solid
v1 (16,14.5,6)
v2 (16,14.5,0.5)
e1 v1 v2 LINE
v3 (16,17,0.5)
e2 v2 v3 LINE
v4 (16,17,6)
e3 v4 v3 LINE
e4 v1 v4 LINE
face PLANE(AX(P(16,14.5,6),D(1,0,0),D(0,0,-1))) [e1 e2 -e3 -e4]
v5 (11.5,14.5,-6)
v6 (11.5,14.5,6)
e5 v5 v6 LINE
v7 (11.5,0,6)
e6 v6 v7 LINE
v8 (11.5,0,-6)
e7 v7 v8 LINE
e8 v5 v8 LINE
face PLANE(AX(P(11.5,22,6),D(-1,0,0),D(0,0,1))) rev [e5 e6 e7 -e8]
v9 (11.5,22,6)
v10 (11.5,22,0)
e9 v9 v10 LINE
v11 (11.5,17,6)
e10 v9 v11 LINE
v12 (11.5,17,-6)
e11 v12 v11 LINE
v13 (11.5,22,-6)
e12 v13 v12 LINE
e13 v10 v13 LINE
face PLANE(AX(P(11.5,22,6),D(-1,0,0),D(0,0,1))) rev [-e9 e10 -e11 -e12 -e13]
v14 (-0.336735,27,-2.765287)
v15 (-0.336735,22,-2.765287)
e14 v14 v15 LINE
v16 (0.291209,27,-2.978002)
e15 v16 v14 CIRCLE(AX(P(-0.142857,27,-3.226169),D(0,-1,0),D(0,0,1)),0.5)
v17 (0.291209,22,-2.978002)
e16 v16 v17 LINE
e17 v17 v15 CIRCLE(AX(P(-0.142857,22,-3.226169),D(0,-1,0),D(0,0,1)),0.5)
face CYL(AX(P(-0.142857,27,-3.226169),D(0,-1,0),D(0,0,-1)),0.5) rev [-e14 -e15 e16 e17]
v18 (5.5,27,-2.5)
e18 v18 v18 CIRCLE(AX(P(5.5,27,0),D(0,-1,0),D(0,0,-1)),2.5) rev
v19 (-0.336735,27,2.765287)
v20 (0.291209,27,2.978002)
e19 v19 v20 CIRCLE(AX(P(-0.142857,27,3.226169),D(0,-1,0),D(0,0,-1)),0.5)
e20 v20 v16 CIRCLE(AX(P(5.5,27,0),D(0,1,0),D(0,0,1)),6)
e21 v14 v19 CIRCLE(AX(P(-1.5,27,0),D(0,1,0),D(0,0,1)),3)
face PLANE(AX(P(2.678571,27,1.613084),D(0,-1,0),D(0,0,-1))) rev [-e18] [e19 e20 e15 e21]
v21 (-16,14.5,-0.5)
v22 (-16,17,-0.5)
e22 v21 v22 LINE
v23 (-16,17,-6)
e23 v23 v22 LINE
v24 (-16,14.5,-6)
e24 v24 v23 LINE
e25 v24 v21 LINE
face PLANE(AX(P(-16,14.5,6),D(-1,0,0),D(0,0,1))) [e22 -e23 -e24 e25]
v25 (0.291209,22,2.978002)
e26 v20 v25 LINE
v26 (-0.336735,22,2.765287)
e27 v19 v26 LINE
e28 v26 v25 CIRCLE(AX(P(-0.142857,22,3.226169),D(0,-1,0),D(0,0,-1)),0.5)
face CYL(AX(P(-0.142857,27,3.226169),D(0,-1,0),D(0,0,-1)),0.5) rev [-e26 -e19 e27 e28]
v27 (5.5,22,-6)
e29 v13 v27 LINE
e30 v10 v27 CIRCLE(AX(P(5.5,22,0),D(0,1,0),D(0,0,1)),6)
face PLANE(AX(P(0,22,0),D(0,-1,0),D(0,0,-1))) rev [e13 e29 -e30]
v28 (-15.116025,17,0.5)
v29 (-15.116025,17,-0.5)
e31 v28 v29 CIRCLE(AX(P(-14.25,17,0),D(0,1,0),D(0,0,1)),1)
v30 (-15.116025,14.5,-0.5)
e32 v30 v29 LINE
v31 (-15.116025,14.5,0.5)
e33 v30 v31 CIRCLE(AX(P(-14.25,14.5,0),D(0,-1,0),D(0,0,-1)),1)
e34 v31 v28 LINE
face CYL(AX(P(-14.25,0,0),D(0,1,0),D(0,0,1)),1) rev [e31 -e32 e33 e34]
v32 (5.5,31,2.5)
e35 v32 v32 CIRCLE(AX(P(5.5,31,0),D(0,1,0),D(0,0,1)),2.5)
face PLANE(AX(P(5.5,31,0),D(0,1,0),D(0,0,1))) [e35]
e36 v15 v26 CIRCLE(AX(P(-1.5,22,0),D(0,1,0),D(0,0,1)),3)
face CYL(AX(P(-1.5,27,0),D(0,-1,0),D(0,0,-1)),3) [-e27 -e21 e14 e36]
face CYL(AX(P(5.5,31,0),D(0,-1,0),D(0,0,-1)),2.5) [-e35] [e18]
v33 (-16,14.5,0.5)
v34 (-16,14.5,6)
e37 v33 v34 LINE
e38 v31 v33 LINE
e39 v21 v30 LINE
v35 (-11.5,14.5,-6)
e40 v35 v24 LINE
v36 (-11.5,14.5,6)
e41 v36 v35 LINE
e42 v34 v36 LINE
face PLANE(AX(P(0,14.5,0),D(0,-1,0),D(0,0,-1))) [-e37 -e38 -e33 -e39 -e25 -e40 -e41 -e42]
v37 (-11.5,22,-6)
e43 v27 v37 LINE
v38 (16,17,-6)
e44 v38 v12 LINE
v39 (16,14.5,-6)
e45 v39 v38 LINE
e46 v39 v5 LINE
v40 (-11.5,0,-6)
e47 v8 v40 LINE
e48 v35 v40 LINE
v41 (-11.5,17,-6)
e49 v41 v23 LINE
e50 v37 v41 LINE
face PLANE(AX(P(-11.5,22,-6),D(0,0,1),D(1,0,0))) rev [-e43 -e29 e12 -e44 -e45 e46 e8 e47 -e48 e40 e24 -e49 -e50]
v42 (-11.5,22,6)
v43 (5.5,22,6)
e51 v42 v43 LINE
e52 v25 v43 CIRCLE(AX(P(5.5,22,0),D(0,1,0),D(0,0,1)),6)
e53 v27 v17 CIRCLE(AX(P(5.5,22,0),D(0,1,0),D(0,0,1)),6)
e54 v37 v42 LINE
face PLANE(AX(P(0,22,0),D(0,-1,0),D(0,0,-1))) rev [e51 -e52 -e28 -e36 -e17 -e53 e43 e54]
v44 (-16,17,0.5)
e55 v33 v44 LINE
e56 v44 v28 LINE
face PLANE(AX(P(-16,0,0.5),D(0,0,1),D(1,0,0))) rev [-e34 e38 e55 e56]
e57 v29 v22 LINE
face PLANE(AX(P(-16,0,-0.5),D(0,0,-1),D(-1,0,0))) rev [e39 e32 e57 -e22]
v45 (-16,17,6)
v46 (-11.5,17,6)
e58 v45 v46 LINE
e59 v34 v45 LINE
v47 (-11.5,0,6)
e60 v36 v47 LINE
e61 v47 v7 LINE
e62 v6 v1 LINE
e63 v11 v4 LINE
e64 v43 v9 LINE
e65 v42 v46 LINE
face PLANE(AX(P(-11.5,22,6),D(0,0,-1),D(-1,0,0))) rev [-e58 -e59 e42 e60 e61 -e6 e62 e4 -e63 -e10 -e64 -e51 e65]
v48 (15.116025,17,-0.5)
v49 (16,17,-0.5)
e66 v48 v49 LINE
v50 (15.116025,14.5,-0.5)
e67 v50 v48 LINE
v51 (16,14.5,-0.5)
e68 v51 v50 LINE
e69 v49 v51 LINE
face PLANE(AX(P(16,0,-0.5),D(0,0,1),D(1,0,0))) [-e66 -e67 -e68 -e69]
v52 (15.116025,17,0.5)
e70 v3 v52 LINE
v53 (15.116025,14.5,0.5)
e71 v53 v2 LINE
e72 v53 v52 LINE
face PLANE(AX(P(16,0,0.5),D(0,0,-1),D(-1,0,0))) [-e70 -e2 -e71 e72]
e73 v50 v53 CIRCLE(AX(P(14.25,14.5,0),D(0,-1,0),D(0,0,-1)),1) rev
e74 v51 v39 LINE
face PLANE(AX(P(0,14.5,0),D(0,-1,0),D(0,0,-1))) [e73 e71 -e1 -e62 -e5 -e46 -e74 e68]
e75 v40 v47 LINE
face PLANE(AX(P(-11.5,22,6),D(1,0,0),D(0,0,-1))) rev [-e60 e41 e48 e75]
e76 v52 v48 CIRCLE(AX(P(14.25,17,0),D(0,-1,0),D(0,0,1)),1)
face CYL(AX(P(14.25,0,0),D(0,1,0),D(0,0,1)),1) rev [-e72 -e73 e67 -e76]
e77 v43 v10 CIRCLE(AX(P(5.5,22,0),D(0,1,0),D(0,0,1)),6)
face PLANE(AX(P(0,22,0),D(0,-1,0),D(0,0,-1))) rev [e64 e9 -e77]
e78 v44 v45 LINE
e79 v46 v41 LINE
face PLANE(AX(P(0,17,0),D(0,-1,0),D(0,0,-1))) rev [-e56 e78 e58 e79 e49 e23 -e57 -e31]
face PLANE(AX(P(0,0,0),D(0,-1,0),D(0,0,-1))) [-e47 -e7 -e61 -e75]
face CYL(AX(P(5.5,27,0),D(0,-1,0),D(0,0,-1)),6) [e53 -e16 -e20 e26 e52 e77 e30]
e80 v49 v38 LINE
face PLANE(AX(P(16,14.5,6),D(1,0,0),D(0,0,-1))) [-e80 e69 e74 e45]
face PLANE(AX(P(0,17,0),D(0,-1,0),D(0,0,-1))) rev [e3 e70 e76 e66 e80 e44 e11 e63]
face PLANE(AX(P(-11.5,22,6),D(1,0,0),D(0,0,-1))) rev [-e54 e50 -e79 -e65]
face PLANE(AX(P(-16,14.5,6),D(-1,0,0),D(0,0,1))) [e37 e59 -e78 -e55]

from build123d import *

# Parameters (mm, degrees)
SKETCH_1_W          = 23
SKETCH_1_H          = 12
EXTRUDE_1_DEPTH     = 22
SKETCH_2_W          = 32
SKETCH_2_H          = 12
EXTRUDE_2_DEPTH     = 2.5
CUT_EXTRUDE_1_DEPTH = 25.103941586
EXTRUDE_3_DEPTH     = 5
SKETCH_5_R          = 2.5
EXTRUDE_4_DEPTH     = 4


with BuildPart() as part:
    # 草图1 → 凸台-拉伸1 (new body)
    with BuildSketch(Plane(origin=(0, 0, 0), x_dir=(1, 0, 0), z_dir=(0, 1, 0))):
        Rectangle(SKETCH_1_W, SKETCH_1_H)
    extrude(amount=EXTRUDE_1_DEPTH)

    # 草图2 → 凸台-拉伸2 (add)
    with BuildSketch(Plane(origin=(0, 17, 0), x_dir=(1, 0, 0), z_dir=(0, 1, 0))):
        Rectangle(SKETCH_2_W, SKETCH_2_H)
    extrude(amount=-EXTRUDE_2_DEPTH)

    # 草图3 → 切除-拉伸1 (cut, through all)
    with BuildSketch(Plane(origin=(0, 17, 0), x_dir=(1, 0, 0), z_dir=(0, 1, 0))):
        with BuildLine():
            Line((-16, 0.5), (-15.116025404, 0.5))
            ThreePointArc((-15.116025404, 0.5), (-13.25, 0), (-15.116025404, -0.5))
            Line((-15.116025404, -0.5), (-16, -0.5))
            Line((-16, -0.5), (-16, 0.5))
        make_face()
    cut_extrude_1 = extrude(amount=-CUT_EXTRUDE_1_DEPTH, mode=Mode.SUBTRACT)

    # 镜向1: 切除-拉伸1 across plane
    add(cut_extrude_1.mirror(Plane(origin=(0, 0, 0), x_dir=(0, 0, 1), z_dir=(1, 0, 0))), mode=Mode.SUBTRACT)

    # 草图4 → 凸台-拉伸3 (add)
    with BuildSketch(Plane(origin=(0, 22, 0), x_dir=(1, 0, 0), z_dir=(0, 1, 0))):
        with BuildLine():
            ThreePointArc((0.291208791, -2.978001703), (11.5, 0), (0.291208791, 2.978001703))
            ThreePointArc((0.291208791, 2.978001703), (0.017562524, 2.752601694), (-0.336734694, 2.765287296))
            ThreePointArc((-0.336734694, 2.765287296), (-4.5, 0), (-0.336734694, -2.765287296))
            ThreePointArc((-0.336734694, -2.765287296), (0.017562524, -2.752601694), (0.291208791, -2.978001703))
        make_face()
    extrude(amount=EXTRUDE_3_DEPTH)

    # 草图5 → 凸台-拉伸4 (add)
    with BuildSketch(Plane(origin=(0, 27, 0), x_dir=(1, 0, 0), z_dir=(0, 1, 0))):
        with Locations(Location((5.5, 0, 0), (0, 0, 90))):
            Circle(SKETCH_5_R)
    extrude(amount=EXTRUDE_4_DEPTH)


solid = part.part
